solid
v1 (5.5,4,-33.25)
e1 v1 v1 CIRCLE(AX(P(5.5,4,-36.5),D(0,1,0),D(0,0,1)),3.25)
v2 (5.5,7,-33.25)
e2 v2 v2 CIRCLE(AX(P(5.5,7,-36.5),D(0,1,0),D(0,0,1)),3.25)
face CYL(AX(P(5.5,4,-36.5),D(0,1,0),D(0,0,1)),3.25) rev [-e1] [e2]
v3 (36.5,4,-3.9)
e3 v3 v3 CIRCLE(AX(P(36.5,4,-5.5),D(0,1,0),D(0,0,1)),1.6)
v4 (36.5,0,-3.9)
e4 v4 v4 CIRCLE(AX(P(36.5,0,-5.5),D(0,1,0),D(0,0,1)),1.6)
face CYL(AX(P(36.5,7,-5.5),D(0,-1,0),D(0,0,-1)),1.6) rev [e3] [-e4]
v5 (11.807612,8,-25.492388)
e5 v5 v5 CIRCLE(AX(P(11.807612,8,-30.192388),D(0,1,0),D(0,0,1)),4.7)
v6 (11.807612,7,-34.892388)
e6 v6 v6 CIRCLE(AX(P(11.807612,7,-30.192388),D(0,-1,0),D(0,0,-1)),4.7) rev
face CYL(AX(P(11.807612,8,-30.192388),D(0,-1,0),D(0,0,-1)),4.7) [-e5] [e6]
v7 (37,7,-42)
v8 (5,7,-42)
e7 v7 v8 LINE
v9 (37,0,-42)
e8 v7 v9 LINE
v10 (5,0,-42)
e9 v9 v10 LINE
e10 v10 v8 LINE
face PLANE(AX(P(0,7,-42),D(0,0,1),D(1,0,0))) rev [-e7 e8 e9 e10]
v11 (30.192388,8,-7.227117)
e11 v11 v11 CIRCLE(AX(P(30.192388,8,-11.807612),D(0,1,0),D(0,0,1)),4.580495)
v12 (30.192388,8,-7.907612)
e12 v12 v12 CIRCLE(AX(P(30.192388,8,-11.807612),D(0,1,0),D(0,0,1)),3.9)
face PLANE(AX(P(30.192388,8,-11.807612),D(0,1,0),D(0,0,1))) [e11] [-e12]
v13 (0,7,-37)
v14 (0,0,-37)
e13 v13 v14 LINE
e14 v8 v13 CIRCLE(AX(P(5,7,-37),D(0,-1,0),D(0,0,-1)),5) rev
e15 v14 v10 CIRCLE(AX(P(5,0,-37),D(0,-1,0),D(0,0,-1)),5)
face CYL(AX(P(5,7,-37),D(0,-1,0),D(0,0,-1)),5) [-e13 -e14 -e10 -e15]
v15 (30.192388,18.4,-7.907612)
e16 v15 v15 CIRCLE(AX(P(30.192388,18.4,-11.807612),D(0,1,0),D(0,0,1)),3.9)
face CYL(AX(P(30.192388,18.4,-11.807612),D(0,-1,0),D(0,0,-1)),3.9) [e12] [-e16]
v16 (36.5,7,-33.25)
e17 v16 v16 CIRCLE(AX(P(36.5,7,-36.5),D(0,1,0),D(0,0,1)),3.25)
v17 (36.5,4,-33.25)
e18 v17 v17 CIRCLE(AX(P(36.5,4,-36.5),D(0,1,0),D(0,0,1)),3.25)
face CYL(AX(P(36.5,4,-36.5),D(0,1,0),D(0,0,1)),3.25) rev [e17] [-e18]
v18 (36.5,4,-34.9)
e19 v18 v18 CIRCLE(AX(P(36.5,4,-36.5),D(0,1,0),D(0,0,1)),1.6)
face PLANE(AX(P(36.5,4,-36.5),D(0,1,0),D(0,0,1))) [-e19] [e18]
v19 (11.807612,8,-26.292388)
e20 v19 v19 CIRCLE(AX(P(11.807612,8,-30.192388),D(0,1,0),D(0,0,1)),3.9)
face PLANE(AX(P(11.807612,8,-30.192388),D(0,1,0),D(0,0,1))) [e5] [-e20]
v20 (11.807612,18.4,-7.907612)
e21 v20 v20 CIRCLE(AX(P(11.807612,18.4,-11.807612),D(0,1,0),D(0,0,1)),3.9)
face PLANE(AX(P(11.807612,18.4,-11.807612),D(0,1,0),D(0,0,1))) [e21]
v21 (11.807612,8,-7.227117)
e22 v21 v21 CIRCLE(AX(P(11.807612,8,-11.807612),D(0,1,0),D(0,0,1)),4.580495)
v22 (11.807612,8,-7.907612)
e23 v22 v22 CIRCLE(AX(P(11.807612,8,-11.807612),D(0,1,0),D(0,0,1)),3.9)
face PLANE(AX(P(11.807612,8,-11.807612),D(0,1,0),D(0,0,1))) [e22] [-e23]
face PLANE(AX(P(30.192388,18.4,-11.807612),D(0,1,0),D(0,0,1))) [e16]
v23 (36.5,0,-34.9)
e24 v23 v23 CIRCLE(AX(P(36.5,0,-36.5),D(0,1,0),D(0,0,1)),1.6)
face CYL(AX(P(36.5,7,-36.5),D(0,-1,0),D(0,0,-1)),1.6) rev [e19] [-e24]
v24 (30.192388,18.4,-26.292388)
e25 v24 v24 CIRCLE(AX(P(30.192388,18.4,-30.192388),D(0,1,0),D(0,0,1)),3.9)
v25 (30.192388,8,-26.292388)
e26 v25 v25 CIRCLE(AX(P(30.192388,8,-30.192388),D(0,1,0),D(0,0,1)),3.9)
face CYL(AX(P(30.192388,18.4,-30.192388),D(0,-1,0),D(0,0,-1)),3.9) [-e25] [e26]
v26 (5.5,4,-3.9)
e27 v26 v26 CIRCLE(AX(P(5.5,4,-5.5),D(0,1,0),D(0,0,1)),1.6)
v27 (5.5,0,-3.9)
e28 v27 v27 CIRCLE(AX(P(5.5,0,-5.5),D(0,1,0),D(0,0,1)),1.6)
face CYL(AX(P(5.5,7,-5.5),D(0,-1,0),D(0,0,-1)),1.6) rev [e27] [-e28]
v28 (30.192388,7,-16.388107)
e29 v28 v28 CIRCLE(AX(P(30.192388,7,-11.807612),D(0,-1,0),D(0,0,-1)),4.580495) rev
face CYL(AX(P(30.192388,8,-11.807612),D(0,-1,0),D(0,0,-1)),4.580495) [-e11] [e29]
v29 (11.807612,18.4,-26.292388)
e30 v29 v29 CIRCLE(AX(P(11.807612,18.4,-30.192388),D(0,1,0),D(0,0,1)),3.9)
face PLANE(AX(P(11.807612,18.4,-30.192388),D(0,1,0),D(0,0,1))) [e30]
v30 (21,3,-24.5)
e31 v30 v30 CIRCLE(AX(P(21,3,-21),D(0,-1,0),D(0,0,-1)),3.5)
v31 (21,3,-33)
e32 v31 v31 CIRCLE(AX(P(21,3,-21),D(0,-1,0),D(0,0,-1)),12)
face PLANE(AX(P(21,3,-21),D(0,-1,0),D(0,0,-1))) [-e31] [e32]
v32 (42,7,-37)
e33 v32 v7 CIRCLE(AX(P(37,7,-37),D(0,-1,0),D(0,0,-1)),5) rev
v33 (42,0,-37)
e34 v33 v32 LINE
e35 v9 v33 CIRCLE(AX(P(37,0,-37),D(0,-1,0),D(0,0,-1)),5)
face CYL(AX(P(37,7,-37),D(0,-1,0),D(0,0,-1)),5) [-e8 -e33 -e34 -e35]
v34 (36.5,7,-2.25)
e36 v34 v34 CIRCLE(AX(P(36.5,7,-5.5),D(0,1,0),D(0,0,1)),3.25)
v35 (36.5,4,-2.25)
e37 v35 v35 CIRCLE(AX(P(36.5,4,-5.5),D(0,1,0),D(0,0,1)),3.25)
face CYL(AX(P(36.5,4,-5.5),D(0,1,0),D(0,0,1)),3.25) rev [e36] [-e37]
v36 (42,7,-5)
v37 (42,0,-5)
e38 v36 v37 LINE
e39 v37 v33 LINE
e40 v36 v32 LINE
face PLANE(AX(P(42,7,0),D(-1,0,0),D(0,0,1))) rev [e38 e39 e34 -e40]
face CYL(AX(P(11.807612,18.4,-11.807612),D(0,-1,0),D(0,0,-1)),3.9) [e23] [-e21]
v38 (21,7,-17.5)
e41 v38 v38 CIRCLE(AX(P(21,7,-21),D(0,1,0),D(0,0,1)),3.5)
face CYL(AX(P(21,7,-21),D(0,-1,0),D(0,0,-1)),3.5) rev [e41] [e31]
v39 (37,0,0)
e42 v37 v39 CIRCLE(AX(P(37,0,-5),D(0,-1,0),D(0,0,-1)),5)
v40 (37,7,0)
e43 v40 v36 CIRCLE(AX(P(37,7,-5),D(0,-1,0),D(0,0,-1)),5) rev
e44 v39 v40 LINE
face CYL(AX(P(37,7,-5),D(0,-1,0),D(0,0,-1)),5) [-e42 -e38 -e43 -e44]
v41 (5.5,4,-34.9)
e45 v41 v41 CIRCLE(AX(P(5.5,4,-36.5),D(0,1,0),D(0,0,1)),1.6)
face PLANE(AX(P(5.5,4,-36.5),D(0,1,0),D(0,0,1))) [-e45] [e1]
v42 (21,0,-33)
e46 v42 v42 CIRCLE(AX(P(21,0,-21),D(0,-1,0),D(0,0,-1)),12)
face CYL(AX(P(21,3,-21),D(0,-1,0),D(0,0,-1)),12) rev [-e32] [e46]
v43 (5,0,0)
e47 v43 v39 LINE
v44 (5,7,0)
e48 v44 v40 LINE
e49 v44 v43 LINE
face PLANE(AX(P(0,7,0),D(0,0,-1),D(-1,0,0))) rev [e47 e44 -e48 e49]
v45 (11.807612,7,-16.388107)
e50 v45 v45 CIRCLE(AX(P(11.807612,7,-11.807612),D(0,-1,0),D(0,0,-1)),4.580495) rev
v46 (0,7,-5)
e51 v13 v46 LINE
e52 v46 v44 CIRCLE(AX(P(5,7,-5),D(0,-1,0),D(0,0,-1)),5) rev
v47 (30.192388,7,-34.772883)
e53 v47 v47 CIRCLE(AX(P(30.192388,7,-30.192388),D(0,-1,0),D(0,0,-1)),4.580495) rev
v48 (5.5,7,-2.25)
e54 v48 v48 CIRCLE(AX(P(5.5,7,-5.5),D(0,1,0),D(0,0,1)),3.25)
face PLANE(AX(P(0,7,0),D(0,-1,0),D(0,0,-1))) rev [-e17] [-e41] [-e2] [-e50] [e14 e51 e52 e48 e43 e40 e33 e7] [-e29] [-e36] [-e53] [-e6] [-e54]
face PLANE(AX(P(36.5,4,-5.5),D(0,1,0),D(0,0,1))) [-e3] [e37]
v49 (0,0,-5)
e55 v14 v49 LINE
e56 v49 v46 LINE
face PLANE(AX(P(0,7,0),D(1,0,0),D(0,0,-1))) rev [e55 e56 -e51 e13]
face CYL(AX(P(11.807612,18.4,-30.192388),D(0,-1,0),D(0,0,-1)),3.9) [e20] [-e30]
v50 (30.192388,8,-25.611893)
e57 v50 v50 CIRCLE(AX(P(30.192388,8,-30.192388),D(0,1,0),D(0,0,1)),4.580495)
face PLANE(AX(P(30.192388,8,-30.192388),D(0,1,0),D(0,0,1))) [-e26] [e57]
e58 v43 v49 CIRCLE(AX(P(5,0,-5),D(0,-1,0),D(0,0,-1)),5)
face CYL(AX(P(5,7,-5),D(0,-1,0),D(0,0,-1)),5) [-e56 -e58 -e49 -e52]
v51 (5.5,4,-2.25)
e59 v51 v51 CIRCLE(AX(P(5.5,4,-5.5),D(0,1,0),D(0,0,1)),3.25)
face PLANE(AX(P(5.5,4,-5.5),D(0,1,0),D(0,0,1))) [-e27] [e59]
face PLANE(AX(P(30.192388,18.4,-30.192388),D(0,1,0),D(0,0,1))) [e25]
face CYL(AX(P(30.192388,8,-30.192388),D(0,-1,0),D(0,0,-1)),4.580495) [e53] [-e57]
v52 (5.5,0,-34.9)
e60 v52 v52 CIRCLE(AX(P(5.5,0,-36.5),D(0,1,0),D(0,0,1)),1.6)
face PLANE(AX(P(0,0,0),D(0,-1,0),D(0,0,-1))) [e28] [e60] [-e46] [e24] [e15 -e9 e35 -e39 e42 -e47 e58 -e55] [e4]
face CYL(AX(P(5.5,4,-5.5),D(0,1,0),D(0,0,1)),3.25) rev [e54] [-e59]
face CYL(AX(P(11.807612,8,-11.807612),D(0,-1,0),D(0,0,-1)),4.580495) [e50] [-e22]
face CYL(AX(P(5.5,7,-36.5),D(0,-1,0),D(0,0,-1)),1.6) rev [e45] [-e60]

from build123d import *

# Parameters (mm, degrees)
SKIZZE1_W                       = 42
SKIZZE1_H                       = 42
SKIZZE1_R                       = 1.6
SKIZZE1_R_2                     = 3.5
AUFSATZ_LINEAR_AUSTRAGEN1_DEPTH = 7
SKIZZE2_R                       = 3.9
AUFSATZ_LINEAR_AUSTRAGEN2_DEPTH = 11.4
VERRUNDUNG1_R                   = 5
SKIZZE3_R                       = 12
SCHNITT_LINEAR_AUSTRAGEN1_DEPTH = 3
SKIZZE4_R                       = 3.25
SCHNITT_LINEAR_AUSTRAGEN2_DEPTH = 3
SKIZZE5_R                       = 4.7
SKIZZE5_R_2                     = 4.580495264
AUFSATZ_LINEAR_AUSTRAGEN3_DEPTH = 1


with BuildPart() as part:
    # Skizze1 → Aufsatz-Linear austragen1 (new body)
    with BuildSketch(Plane(origin=(0, 0, 0), x_dir=(1, 0, 0), z_dir=(0, 1, 0))):
        with Locations((21, 21)):
            Rectangle(SKIZZE1_W, SKIZZE1_H)
        with Locations(Location((5.5, 36.5, 0), (0, 0, 270))):
            Circle(SKIZZE1_R, mode=Mode.SUBTRACT)
        with Locations(Location((36.5, 36.5, 0), (0, 0, 270))):
            Circle(SKIZZE1_R, mode=Mode.SUBTRACT)
        with Locations(Location((5.5, 5.5, 0), (0, 0, 270))):
            Circle(SKIZZE1_R, mode=Mode.SUBTRACT)
        with Locations(Location((36.5, 5.5, 0), (0, 0, 270))):
            Circle(SKIZZE1_R, mode=Mode.SUBTRACT)
        with Locations(Location((21, 21, 0), (0, 0, 270))):
            Circle(SKIZZE1_R_2, mode=Mode.SUBTRACT)
    extrude(amount=AUFSATZ_LINEAR_AUSTRAGEN1_DEPTH)

    # Skizze2 → Aufsatz-Linear austragen2 (add)
    with BuildSketch(Plane(origin=(0, 7, 0), x_dir=(1, 0, 0), z_dir=(0, 1, 0))):
        with Locations(Location((11.807611845, 30.192388155, 0), (0, 0, 90))):
            Circle(SKIZZE2_R)
        with Locations(Location((30.192388155, 30.192388155, 0), (0, 0, 90))):
            Circle(SKIZZE2_R)
        with Locations(Location((30.192388155, 11.807611845, 0), (0, 0, 90))):
            Circle(SKIZZE2_R)
        with Locations(Location((11.807611845, 11.807611845, 0), (0, 0, 90))):
            Circle(SKIZZE2_R)
    extrude(amount=AUFSATZ_LINEAR_AUSTRAGEN2_DEPTH)

    # Verrundung1
    verrundung1_edges = [part.edges().sort_by_distance(p)[0] for p in [
        (0, 3.5, -42),
        (42, 3.5, -42),
        (42, 3.5, 0),
        (0, 3.5, 0),
    ]]
    fillet(verrundung1_edges, radius=VERRUNDUNG1_R)

    # Skizze3 → Schnitt-Linear austragen1 (cut)
    with BuildSketch(Plane.XZ):
        with Locations(Location((21, -21, 0), (0, 0, 270))):
            Circle(SKIZZE3_R)
    extrude(amount=-SCHNITT_LINEAR_AUSTRAGEN1_DEPTH, mode=Mode.SUBTRACT)

    # Skizze4 → Schnitt-Linear austragen2 (cut)
    with BuildSketch(Plane(origin=(0, 7, 0), x_dir=(1, 0, 0), z_dir=(0, 1, 0))):
        with Locations(Location((5.5, 36.5, 0), (0, 0, 270))):
            Circle(SKIZZE4_R)
        with Locations(Location((36.5, 36.5, 0), (0, 0, 270))):
            Circle(SKIZZE4_R)
        with Locations(Location((5.5, 5.5, 0), (0, 0, 270))):
            Circle(SKIZZE4_R)
        with Locations(Location((36.5, 5.5, 0), (0, 0, 270))):
            Circle(SKIZZE4_R)
    extrude(amount=-SCHNITT_LINEAR_AUSTRAGEN2_DEPTH, mode=Mode.SUBTRACT)

    # Skizze5 → Aufsatz-Linear austragen3 (add)
    with BuildSketch(Plane(origin=(0, 7, 0), x_dir=(1, 0, 0), z_dir=(0, 1, 0))):
        with Locations(Location((11.807611845, 30.192388155, 0), (0, 0, 90))):
            Circle(SKIZZE5_R)
        with Locations(Location((11.807611845, 11.807611845, 0), (0, 0, 90))):
            Circle(SKIZZE5_R_2)
        with Locations(Location((30.192388155, 11.807611845, 0), (0, 0, 90))):
            Circle(SKIZZE5_R_2)
        with Locations(Location((30.192388155, 30.192388155, 0), (0, 0, 90))):
            Circle(SKIZZE5_R_2)
    extrude(amount=AUFSATZ_LINEAR_AUSTRAGEN3_DEPTH)


solid = part.part
